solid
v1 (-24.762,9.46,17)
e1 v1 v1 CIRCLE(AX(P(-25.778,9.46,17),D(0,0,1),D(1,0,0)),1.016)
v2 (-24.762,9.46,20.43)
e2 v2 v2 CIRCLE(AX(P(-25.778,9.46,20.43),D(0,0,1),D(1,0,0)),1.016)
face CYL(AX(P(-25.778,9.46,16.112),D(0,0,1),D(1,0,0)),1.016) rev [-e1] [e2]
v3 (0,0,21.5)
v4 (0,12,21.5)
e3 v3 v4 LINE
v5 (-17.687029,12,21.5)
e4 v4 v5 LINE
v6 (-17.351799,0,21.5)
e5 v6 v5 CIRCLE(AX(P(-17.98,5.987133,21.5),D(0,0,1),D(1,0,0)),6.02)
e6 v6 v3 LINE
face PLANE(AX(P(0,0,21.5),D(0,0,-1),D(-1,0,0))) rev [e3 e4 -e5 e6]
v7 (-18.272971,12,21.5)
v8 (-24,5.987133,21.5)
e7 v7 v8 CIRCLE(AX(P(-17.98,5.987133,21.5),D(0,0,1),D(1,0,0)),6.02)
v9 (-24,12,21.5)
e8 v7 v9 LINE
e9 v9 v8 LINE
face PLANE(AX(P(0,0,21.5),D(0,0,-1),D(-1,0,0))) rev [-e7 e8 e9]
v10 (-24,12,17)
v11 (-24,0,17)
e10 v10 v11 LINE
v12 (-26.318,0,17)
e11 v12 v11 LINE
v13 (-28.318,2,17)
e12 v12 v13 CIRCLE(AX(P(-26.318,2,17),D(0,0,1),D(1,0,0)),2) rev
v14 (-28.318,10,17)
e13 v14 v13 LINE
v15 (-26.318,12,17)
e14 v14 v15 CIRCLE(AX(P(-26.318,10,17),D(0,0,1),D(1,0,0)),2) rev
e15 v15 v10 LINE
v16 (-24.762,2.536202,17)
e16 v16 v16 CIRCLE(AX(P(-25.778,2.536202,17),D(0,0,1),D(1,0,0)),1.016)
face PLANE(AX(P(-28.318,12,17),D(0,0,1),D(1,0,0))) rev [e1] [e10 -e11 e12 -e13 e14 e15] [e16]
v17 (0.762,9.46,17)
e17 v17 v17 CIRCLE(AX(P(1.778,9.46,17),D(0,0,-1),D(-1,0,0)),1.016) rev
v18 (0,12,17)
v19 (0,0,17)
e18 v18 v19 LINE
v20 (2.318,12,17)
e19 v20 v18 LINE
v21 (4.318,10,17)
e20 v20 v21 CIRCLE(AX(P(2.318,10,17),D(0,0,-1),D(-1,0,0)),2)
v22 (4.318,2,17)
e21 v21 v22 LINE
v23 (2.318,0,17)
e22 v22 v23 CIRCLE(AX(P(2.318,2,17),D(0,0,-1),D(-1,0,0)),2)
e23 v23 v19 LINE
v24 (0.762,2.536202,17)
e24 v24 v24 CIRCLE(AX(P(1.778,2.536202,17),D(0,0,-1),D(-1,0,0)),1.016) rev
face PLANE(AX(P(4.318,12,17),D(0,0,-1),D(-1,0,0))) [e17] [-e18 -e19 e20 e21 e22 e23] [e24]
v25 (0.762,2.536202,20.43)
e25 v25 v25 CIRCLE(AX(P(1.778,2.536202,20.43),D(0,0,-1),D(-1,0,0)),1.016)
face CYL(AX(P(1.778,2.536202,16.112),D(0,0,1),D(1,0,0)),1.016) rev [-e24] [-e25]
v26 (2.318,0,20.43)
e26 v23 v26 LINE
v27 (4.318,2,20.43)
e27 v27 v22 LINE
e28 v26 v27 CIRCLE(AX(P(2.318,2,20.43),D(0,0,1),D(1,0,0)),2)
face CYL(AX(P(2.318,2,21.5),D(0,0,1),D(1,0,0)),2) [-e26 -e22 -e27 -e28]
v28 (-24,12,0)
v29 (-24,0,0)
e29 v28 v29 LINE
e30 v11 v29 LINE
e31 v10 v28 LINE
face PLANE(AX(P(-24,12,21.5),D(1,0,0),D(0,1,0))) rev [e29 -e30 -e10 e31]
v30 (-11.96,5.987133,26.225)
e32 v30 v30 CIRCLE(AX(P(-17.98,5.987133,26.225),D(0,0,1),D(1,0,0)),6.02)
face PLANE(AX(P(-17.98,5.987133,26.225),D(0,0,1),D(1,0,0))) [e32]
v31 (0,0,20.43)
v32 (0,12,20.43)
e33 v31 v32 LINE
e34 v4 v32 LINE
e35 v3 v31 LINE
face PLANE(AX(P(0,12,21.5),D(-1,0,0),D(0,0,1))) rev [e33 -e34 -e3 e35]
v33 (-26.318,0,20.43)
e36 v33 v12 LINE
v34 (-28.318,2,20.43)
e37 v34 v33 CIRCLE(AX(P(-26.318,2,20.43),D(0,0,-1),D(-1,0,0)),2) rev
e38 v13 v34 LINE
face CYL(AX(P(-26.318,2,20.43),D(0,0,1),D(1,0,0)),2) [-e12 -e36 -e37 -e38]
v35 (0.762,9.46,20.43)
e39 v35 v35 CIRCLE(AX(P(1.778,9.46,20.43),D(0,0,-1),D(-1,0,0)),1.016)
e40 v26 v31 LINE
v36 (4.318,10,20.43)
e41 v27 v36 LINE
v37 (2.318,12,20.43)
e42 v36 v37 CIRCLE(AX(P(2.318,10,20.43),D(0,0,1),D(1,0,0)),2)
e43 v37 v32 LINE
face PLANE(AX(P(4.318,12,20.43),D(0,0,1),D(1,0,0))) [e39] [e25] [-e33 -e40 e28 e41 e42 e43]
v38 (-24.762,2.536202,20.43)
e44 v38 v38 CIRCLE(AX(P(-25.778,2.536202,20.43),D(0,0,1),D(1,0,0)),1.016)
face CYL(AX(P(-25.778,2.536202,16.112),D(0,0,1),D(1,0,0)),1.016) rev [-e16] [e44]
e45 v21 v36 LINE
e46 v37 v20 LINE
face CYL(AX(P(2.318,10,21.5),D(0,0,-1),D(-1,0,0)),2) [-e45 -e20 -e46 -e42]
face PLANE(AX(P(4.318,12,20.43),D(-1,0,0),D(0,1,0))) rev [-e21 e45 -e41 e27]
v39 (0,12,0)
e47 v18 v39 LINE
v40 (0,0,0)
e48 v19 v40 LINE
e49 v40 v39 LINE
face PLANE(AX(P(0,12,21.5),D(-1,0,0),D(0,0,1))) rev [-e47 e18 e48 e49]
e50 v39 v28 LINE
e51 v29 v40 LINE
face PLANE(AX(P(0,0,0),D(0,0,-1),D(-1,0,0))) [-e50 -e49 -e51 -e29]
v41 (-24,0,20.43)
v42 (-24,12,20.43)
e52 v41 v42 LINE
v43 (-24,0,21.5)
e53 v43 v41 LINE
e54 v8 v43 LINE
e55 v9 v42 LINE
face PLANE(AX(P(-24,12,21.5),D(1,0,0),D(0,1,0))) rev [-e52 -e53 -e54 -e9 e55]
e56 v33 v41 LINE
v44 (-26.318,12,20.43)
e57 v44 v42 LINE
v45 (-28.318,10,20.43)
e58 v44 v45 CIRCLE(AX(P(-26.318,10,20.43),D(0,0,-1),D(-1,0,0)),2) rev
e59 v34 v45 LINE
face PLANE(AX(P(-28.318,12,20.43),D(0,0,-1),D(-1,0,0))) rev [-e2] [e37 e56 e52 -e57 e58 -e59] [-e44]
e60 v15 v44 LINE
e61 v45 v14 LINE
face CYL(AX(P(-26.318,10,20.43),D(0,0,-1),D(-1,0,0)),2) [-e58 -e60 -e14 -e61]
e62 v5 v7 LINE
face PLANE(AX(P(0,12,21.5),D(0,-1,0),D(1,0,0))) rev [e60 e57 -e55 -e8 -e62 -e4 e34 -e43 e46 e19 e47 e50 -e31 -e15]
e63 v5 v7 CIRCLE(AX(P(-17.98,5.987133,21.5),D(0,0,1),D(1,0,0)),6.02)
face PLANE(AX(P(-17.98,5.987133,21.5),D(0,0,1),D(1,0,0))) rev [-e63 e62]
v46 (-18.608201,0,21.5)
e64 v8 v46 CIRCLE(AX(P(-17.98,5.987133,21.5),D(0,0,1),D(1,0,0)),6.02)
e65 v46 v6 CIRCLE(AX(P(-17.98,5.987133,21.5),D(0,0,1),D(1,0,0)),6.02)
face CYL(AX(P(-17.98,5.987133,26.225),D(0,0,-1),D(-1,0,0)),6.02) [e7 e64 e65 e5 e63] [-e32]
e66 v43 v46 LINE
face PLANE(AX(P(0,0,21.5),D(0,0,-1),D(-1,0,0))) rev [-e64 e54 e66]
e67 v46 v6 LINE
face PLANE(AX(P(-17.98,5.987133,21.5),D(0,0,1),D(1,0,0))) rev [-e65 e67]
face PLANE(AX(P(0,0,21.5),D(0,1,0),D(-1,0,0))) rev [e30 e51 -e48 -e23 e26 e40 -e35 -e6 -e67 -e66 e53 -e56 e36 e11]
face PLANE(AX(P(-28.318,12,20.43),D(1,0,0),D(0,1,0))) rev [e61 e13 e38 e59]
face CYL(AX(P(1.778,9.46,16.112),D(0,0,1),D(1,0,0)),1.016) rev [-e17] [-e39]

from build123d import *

# Parameters (mm, degrees)
SKETCH1_W            = 24
SKETCH1_H            = 12
EXTRUDE1_DEPTH       = 21.5
SKETCH2_W            = 3.43
SKETCH2_H            = 12
EXTRUDE2_DEPTH       = 4.318
FILLET1_R            = 2
FILLET2_R            = 2
SKETCH3_R            = 1.016
CUT_EXTRUDE1_DEPTH   = 4.318
FILLET1_OF_MIRROR1_R = 2
FILLET2_OF_MIRROR1_R = 2
SKETCH4_R            = 6.02
EXTRUDE3_DEPTH       = 4.725


with BuildPart() as part:
    # Sketch1 → Extrude1 (new body)
    with BuildSketch(Plane.XY):
        with Locations((-12, 6)):
            Rectangle(SKETCH1_W, SKETCH1_H)
    extrude(amount=EXTRUDE1_DEPTH)

    # Sketch2 → Extrude2 (add)
    with BuildSketch(Plane.ZY.offset(24)):
        with Locations((18.715, 6)):
            Rectangle(SKETCH2_W, SKETCH2_H)
    extrude2 = extrude(amount=EXTRUDE2_DEPTH)

    # Fillet1
    fillet1_edges = [part.edges().sort_by_distance(p)[0] for p in [
        (-28.318, 12, 18.715),
    ]]
    fillet(fillet1_edges, radius=FILLET1_R)

    # Fillet2
    fillet2_edges = [part.edges().sort_by_distance(p)[0] for p in [
        (-28.318, 0, 18.715),
    ]]
    fillet(fillet2_edges, radius=FILLET2_R)

    # Sketch3 → Cut-Extrude1 (cut)
    with BuildSketch(Plane.XY.offset(20.43)):
        with Locations((-25.778, 2.53620247)):
            Circle(SKETCH3_R)
        with Locations((-25.778, 9.46)):
            Circle(SKETCH3_R)
    cut_extrude1 = extrude(amount=-CUT_EXTRUDE1_DEPTH, mode=Mode.SUBTRACT)

    # Mirror1: Extrude2, Cut-Extrude1 across plane
    add(extrude2.mirror(Plane.ZY.offset(12)))
    add(cut_extrude1.mirror(Plane.ZY.offset(12)), mode=Mode.SUBTRACT)

    # Fillet1 of Mirror1
    fillet1_of_mirror1_edges = [part.edges().sort_by_distance(p)[0] for p in [
        (4.318, 12, 18.715),
    ]]
    fillet(fillet1_of_mirror1_edges, radius=FILLET1_OF_MIRROR1_R)

    # Fillet2 of Mirror1
    fillet2_of_mirror1_edges = [part.edges().sort_by_distance(p)[0] for p in [
        (4.318, 0, 18.715),
    ]]
    fillet(fillet2_of_mirror1_edges, radius=FILLET2_OF_MIRROR1_R)

    # Sketch4 → Extrude3 (add)
    with BuildSketch(Plane.XY.offset(21.5)):
        with Locations(Location((-17.98, 5.987133141, 0), (0, 0, 180))):
            Circle(SKETCH4_R)
    extrude(amount=EXTRUDE3_DEPTH)


solid = part.part
